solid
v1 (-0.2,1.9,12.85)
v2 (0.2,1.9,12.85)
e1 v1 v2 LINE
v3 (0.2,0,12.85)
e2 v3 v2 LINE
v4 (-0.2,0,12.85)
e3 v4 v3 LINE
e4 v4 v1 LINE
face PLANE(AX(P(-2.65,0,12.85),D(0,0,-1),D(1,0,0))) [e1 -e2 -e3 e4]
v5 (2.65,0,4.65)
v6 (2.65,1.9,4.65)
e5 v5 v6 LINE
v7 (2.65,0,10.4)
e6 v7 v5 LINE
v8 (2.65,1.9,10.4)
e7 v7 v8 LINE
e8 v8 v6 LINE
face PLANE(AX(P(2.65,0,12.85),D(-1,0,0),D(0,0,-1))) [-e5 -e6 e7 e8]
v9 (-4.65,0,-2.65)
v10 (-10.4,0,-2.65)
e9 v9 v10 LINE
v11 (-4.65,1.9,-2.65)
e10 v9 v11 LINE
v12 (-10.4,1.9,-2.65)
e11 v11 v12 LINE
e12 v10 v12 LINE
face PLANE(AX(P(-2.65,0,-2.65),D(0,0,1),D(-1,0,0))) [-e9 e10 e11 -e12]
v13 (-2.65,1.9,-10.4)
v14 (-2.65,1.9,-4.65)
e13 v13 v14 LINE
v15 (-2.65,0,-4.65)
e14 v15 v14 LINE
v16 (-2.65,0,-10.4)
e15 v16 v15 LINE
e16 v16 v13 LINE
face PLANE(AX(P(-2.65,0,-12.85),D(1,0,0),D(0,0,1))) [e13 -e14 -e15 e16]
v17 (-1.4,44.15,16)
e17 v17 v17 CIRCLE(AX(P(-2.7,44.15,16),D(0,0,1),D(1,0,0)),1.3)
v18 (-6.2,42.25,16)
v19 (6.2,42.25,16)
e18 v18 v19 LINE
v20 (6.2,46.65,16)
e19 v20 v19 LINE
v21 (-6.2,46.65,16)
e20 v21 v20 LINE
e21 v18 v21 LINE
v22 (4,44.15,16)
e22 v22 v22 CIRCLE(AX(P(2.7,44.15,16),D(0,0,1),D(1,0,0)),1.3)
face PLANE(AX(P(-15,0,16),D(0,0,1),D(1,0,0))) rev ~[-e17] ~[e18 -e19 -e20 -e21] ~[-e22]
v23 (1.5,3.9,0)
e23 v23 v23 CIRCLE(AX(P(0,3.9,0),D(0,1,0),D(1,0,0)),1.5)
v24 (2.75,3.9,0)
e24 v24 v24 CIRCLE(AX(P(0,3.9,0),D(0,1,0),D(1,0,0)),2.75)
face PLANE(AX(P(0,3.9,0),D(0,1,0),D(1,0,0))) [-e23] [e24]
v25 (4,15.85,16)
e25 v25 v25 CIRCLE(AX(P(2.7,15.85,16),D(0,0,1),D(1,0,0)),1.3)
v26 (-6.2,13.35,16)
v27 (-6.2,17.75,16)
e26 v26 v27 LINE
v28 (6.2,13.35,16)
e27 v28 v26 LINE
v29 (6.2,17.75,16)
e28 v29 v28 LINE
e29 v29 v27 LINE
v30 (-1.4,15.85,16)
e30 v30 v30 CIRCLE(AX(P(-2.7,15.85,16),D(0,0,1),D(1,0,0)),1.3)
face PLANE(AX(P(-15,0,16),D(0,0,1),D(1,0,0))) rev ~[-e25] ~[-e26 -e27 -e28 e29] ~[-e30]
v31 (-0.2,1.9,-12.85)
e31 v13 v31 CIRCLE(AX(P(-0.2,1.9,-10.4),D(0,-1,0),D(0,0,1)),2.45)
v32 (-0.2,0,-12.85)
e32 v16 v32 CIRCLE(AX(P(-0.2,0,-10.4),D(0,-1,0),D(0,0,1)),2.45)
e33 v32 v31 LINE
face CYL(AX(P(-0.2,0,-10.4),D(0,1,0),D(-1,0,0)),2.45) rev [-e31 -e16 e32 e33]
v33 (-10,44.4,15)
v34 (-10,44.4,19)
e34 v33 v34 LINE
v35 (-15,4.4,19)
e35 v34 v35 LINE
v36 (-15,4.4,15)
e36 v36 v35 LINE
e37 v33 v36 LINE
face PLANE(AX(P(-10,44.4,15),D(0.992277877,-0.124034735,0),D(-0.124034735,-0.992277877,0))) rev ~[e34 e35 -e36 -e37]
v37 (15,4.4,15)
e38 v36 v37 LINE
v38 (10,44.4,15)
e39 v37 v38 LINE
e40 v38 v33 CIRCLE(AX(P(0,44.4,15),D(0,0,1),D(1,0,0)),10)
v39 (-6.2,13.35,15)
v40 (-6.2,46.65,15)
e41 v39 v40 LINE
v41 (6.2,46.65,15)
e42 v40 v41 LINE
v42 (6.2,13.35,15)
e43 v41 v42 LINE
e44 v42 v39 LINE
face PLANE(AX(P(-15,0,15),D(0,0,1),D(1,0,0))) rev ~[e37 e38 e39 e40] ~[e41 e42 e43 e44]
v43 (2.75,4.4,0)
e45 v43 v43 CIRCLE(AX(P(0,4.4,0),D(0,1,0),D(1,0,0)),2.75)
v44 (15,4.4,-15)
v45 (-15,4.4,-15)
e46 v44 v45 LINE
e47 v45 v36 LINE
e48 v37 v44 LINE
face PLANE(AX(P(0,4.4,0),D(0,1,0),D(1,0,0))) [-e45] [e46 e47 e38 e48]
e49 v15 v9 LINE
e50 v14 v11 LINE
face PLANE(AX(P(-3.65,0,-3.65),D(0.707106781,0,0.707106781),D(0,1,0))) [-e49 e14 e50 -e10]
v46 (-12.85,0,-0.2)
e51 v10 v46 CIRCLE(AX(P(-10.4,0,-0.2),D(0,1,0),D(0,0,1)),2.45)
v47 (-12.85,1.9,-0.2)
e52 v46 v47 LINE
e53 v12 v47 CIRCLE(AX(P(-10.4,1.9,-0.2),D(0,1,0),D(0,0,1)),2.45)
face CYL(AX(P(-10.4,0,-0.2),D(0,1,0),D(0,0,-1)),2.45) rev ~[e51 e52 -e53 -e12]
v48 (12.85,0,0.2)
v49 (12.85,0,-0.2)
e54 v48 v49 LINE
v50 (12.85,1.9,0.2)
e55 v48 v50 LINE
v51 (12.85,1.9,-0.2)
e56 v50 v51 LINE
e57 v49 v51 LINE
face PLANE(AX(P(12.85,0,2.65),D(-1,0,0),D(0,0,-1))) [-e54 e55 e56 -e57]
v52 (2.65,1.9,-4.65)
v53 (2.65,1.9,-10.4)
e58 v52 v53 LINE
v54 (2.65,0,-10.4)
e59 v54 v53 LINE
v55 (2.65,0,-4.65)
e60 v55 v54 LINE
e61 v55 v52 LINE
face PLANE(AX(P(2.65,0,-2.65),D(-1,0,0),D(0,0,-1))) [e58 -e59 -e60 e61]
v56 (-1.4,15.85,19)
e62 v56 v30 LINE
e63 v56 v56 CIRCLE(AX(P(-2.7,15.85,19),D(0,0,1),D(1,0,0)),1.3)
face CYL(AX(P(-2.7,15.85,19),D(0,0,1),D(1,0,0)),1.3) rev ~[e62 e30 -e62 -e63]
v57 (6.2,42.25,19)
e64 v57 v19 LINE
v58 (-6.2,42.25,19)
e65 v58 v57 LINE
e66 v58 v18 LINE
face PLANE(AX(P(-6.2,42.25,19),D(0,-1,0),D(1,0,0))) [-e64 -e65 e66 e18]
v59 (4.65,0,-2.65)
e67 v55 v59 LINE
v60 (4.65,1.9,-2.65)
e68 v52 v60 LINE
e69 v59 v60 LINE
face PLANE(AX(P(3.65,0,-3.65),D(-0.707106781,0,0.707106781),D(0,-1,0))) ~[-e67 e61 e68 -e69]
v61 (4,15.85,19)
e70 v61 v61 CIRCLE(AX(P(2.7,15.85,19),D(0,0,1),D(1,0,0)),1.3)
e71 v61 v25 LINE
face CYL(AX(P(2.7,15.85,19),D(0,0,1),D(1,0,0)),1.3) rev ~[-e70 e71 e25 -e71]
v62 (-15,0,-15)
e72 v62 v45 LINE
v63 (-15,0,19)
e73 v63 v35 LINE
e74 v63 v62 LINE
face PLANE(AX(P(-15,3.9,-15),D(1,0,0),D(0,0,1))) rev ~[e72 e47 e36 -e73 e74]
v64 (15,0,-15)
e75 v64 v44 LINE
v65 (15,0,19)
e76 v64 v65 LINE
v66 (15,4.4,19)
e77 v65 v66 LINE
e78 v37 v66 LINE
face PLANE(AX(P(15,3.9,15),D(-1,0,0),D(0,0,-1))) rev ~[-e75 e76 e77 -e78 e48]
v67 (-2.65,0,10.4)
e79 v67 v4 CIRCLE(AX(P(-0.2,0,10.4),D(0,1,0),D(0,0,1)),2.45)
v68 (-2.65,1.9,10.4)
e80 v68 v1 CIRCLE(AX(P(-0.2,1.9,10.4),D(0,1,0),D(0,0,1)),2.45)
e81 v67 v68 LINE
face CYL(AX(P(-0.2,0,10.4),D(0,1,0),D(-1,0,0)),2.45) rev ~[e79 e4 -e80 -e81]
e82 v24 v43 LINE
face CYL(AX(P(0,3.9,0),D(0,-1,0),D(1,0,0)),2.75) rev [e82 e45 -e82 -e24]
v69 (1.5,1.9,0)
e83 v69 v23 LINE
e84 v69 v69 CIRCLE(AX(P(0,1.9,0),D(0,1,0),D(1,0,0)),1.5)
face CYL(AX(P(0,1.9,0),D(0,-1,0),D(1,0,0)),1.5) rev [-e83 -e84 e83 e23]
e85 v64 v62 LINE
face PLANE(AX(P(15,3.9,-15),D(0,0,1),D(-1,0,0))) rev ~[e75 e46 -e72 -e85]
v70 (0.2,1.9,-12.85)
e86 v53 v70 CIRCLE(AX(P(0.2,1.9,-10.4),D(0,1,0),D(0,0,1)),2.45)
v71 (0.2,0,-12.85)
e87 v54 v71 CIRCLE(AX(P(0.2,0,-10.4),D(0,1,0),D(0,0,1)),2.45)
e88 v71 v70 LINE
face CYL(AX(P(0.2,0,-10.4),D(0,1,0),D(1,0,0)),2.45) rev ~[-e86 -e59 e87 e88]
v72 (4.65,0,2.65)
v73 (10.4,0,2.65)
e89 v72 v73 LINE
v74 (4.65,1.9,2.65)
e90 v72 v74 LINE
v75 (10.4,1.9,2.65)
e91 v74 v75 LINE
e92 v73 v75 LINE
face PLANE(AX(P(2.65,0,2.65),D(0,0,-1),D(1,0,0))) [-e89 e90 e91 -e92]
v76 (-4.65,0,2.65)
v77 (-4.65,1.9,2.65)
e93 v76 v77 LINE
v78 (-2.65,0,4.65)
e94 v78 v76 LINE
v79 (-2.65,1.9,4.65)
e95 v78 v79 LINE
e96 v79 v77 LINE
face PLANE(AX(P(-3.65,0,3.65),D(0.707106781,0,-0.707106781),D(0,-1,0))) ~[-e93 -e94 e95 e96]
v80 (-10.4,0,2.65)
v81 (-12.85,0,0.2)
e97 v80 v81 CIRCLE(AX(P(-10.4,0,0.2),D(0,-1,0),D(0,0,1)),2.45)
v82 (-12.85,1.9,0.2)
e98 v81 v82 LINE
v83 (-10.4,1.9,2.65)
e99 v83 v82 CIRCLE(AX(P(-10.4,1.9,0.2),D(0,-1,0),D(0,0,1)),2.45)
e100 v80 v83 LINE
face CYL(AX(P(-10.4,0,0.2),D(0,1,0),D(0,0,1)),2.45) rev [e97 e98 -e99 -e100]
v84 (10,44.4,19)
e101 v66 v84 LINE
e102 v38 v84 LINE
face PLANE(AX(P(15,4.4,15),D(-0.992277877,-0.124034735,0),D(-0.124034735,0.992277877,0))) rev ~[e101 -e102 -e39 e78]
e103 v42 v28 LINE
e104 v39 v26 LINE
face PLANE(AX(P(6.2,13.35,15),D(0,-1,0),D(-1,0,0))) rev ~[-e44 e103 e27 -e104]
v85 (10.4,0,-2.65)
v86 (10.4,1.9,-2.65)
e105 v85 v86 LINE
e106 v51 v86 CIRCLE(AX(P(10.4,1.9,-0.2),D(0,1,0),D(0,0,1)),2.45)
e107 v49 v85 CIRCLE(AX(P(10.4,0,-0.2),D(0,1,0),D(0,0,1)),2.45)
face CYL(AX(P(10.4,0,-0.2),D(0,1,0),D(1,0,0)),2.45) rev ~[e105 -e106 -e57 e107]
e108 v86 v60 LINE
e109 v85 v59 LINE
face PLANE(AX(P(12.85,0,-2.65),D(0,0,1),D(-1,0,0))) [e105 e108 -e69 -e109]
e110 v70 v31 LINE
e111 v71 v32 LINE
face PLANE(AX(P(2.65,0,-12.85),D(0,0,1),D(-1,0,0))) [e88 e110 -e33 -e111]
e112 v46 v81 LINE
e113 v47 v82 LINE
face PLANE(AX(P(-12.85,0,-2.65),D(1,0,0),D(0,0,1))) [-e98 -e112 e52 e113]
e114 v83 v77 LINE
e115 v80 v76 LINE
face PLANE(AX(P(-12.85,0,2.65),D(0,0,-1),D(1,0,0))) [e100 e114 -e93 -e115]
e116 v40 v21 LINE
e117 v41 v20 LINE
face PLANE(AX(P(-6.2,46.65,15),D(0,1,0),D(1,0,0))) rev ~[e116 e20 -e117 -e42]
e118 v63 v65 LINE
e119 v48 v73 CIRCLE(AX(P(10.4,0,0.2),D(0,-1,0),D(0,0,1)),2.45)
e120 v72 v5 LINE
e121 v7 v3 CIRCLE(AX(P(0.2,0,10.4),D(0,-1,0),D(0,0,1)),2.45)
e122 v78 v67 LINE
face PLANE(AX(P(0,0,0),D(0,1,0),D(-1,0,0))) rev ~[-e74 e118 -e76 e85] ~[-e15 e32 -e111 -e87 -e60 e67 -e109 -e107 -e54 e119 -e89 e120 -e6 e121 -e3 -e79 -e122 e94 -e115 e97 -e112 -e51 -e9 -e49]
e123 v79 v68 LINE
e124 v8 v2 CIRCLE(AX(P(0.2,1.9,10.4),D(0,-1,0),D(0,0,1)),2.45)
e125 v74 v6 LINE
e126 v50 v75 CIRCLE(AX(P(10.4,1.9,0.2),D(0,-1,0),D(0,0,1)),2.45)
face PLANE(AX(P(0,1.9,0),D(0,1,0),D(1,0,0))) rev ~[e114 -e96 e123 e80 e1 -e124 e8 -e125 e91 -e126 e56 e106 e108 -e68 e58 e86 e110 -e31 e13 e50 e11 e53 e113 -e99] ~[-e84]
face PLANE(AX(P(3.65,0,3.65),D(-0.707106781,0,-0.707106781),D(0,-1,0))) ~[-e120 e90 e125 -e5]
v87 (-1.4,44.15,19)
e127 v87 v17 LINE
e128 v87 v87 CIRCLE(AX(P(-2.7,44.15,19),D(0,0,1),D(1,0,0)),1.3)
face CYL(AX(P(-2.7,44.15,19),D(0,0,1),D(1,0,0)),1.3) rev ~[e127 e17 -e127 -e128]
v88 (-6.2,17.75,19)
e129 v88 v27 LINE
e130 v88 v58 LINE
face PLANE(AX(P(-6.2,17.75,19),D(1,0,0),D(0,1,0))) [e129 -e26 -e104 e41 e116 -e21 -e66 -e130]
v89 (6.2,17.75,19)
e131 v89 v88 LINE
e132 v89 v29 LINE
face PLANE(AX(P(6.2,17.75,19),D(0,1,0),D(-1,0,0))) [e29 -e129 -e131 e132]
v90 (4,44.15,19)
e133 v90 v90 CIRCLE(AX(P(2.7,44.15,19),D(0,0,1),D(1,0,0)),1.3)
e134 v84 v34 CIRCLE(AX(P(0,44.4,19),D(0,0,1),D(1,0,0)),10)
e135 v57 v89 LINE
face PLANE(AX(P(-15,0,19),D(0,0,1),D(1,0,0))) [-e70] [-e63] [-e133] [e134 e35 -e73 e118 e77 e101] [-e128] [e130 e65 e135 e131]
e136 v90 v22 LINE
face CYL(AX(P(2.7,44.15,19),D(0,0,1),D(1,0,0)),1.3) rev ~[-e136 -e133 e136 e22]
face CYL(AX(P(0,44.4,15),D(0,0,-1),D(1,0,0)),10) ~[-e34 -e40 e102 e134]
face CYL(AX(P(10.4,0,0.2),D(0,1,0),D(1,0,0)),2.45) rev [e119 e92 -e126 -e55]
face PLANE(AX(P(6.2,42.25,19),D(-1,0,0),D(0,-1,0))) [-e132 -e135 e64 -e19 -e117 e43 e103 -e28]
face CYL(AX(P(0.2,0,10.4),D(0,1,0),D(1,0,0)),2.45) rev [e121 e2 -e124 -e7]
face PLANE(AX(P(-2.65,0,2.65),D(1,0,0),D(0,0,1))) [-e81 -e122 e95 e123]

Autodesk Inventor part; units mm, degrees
ref_plane "YZ Plane" through (0, 0, 0) normal (1, 0, 0) x (0, 1, 0)
ref_plane "XZ Plane" through (0, 0, 0) normal (0, 1, 0) x (-1, 0, 0)
sketch "Sketch1" plane through (0, 0, 0) normal (0, 1, 0) x (-1, 0, 0)
  line L0 (-15, -15) -> (15, -15)
  line L1 (15, -15) -> (15, 15)
  line L2 (15, 15) -> (-15, 15)
  line L3 (-15, 15) -> (-15, -15)
  line L4 (-15, -15) -> (15, 15) construction
  line L5 (15, -15) -> (-15, 15) construction
  line L6 (-2.45, -12.65) -> (2.45, -12.65) construction
  line L7 (2.45, -12.65) -> (2.45, 12.65) construction
  line L8 (2.45, 12.65) -> (-2.45, 12.65) construction
  line L9 (-2.45, 12.65) -> (-2.45, -12.65) construction
  line L10 (-2.45, -12.65) -> (2.45, 12.65) construction
  line L11 (2.45, -12.65) -> (-2.45, 12.65) construction
  line L12 (-12.65, -2.45) -> (12.65, -2.45) construction
  line L13 (12.65, -2.45) -> (12.65, 2.45) construction
  line L14 (12.65, 2.45) -> (-12.65, 2.45) construction
  line L15 (-12.65, 2.45) -> (-12.65, -2.45) construction
  line L16 (-12.65, -2.45) -> (12.65, 2.45) construction
  line L17 (12.65, -2.45) -> (-12.65, 2.45) construction
  line L18 (-12.85, -2.65) -> (12.85, -2.65)
  line L19 (12.85, -2.65) -> (12.85, 2.65)
  line L20 (12.85, 2.65) -> (-12.85, 2.65)
  line L21 (-12.85, 2.65) -> (-12.85, -2.65)
  line L22 (-12.85, -2.65) -> (12.85, 2.65) construction
  line L23 (12.85, -2.65) -> (-12.85, 2.65) construction
  line L24 (-2.65, -12.85) -> (2.65, -12.85)
  line L25 (2.65, -12.85) -> (2.65, 12.85)
  line L26 (2.65, 12.85) -> (-2.65, 12.85)
  line L27 (-2.65, 12.85) -> (-2.65, -12.85)
  line L28 (-2.65, -12.85) -> (2.65, 12.85) construction
  line L29 (2.65, -12.85) -> (-2.65, 12.85) construction
  point P0 (0, 0)
  point P1 (0, 0)
  dimension "d0" = 30
  dimension "d1" = 4.9
  dimension "d2" = 10.2
  dimension "d3" = 0.2
  dimension "d4" = 0.2
extrude "Extrusion1" add sketch "Sketch1" along normal blind 1.9
sketch "Sketch2" plane through (0, 1.9, 0) normal (0, 1, 0) x (1, 0, 0)
  line L0 (15, 15) -> (-15, 15) projected
  line L1 (-15, 15) -> (-15, -15) projected
  line L2 (-15, -15) -> (15, -15) projected
  line L3 (15, -15) -> (15, 15) projected
  circle A0 centre (0, 0) radius 1.5
  dimension "d7" = 3
extrude "Extrusion2" add sketch "Sketch2" along normal blind 2
sketch "Sketch3" plane through (0, 3.9, 0) normal (0, 1, 0) x (1, 0, 0)
  circle A0 centre (0, 0) radius 1.5 projected
  line L0 (15, 15) -> (-15, 15) projected
  line L1 (-15, 15) -> (-15, -15) projected
  line L2 (-15, -15) -> (15, -15) projected
  line L3 (15, -15) -> (15, 15) projected
  circle A1 centre (0, 0) radius 2.75
  dimension "d10" = 5.5
extrude "Extrusion3" add sketch "Sketch3" along normal blind 0.5 contours L3 L2 L1 L0
chamfer "Chamfer1" distance 2 angle 45 1 edges at (-2.65, 0.95, -2.65)
fillet "Fillet1" radius 2.45 1 edges at (-12.85, 0.95, -2.65)
fillet "Fillet2" radius 2.45 1 edges at (-2.65, 0.95, -12.85)
chamfer "Chamfer2" distance 2 angle 45 1 edges at (2.65, 0.95, -2.65)
chamfer "Chamfer3" distance 2 angle 45 1 edges at (2.65, 0.95, 2.65)
fillet "Fillet3" radius 2.45 1 edges at (12.85, 0.95, -2.65)
fillet "Fillet4" radius 2.45 1 edges at (2.65, 0.95, -12.85)
fillet "Fillet5" radius 2.45 1 edges at (12.85, 0.95, 2.65)
fillet "Fillet6" radius 2.45 1 edges at (2.65, 0.95, 12.85)
chamfer "Chamfer4" distance 2 angle 45 1 edges at (-2.65, 0.95, 2.65)
fillet "Fillet7" radius 2.45 2 edges at (-2.65, 0.95, 12.85) (-12.85, 0.95, 2.65)
sketch "Sketch8" plane through (-15, 0, 15) normal (0, 0, 1) x (1, 0, 0)
  line L0 (0, 0) -> (30, 0) projected
  line L1 (30, 0) -> (30, 4.4) projected
  line L2 (0, 4.4) -> (30, 4.4) projected
  line L3 (0, 0) -> (0, 4.4) projected
  line L4 (15, 0) -> (15, 120) construction
  line L5 (30, 4.4) -> (25, 44.4)
  line L6 (25, 44.4) -> (5, 44.4)
  line L7 (5, 44.4) -> (0, 4.4)
  arc A0 (25, 44.4) -> (5, 44.4) centre (15, 44.4) ccw
  dimension "d101" = 40
  dimension "d102" = 20
extrude "Extrusion7" add sketch "Sketch8" along normal blind 4
sketch "Sketch9" plane through (-15, 0, 19) normal (0, 0, 1) x (1, 0, 0)
  line L0 (0, 0) -> (30, 0) projected
  line L1 (9.3, 41.75) -> (20.7, 41.75) construction
  line L2 (20.7, 41.75) -> (20.7, 18.25) construction
  line L3 (20.7, 18.25) -> (9.3, 18.25) construction
  line L4 (9.3, 18.25) -> (9.3, 41.75) construction
  line L5 (15, 90) -> (15, 15.8225) construction
  line L6 (9.3, 41.75) -> (9.3, 46.15) construction
  line L7 (9.3, 46.15) -> (20.7, 46.15) construction
  line L8 (20.7, 46.15) -> (20.7, 41.75) construction
  line L9 (20.7, 18.25) -> (20.7, 13.85) construction
  line L10 (20.7, 13.85) -> (9.3, 13.85) construction
  line L11 (9.3, 13.85) -> (9.3, 18.25) construction
  circle A0 centre (12.3, 44.15) radius 1.3
  circle A1 centre (17.7, 44.15) radius 1.3
  line L12 (-17.4512, 30) -> (18.2205, 30) construction
  circle A2 centre (12.3, 15.85) radius 1.3
  circle A3 centre (17.7, 15.85) radius 1.3
  line L13 (8.8, 42.25) -> (21.2, 42.25)
  line L14 (21.2, 42.25) -> (21.2, 17.75)
  line L15 (21.2, 17.75) -> (8.8, 17.75)
  line L16 (8.8, 17.75) -> (8.8, 42.25)
  line L17 (15, 0) -> (15, 83.8502) construction
  dimension "d105" = 11.4
  dimension "d106" = 23.5
  dimension "d107" = 3
  dimension "d108" = 2.4
  dimension "d109" = 4.4
  dimension "d110" = 0.5
  dimension "d111" = 0.5
  dimension "d113" = 2.6
  dimension "d122" = 30
extrude "Extrusion8" cut sketch "Sketch9" against normal through all
sketch "Sketch10" plane through (-15, 0, 19) normal (0, 0, 1) x (1, 0, 0)
  circle A0 centre (17.7, 15.85) radius 1.3 projected
  circle A1 centre (17.7, 44.15) radius 1.3 projected
  circle A2 centre (12.3, 44.15) radius 1.3 projected
  circle A3 centre (12.3, 15.85) radius 1.3 projected
  line L0 (8.8, 17.75) -> (8.8, 42.25) projected
  line L1 (8.8, 42.25) -> (21.2, 42.25) projected
  line L2 (21.2, 42.25) -> (21.2, 17.75) projected
  line L3 (21.2, 17.75) -> (8.8, 17.75) projected
  line L4 (0, 0) -> (30, 0) projected
  line L5 (9.3, 41.75) -> (20.7, 41.75) construction
  line L6 (20.7, 41.75) -> (20.7, 18.25) construction
  line L7 (20.7, 18.25) -> (9.3, 18.25) construction
  line L8 (9.3, 18.25) -> (9.3, 41.75) construction
  line L9 (15, 87.388) -> (15, -76.2197) construction
  line L10 (9.3, 41.75) -> (9.3, 46.15) construction
  line L11 (9.3, 46.15) -> (20.7, 46.15) construction
  line L12 (20.7, 46.15) -> (20.7, 41.75) construction
  line L13 (20.7, 18.25) -> (20.7, 13.85) construction
  line L14 (20.7, 13.85) -> (9.3, 13.85) construction
  line L15 (9.3, 13.85) -> (9.3, 18.25) construction
  line L16 (0.832, 30) -> (29.7617, 30) construction
  line L17 (8.8, 46.65) -> (21.2, 46.65)
  line L18 (21.2, 46.65) -> (21.2, 13.35)
  line L19 (21.2, 13.35) -> (8.8, 13.35)
  line L20 (8.8, 13.35) -> (8.8, 46.65)
  line L21 (15, 0) -> (15, 87.4766) construction
  dimension "d125" = 11.4
  dimension "d126" = 23.5
  dimension "d127" = 4.4
  dimension "d128" = 0.5
  dimension "d130" = 0.5
  dimension "d136" = 30
ref_plane "Work Plane2" through (-15, 0, 16) normal (0, 0, 1) x (1, 0, 0)
extrude "Extrusion10" cut sketch "Sketch10" along normal up to surface (1 mm away) from surface at -4 contours L3 L18 L19 L20 | L20 L17 L18 L1
equation "\"d0\" = FrontUpperLegShoulderWidth"
equation "\"d1\" = ServoArmWidth"
equation "\"d2\" = ServoArmLength"
equation "\"d3\" = ServoArmSpacing"
equation "\"d4\" = ServoArmSpacing"
equation "\"d5\" = ServoArmThickness"
equation "\"d7\" = ServoArmHoleRequired"
equation "\"d8\" = MinimalThickness"
equation "\"d10\" = ServoArmHeadScrewTrace"
equation "\"d11\" = ServoArmHeadScrewThickness"
equation "\"d13\" = ServoArmInternFillet"
equation "\"d16\" = ServoArmExternFillet"
equation "\"d17\" = ServoArmExternFillet"
equation "\"d18\" = ServoArmInternFillet"
equation "\"d21\" = ServoArmInternFillet"
equation "\"d24\" = ServoArmExternFillet"
equation "\"d25\" = ServoArmExternFillet"
equation "\"d26\" = ServoArmExternFillet"
equation "\"d27\" = ServoArmExternFillet"
equation "\"d28\" = ServoArmInternFillet"
equation "\"d31\" = ServoArmExternFillet"
equation "\"d101\" = FrontShoulderHeight"
equation "\"d102\" = FrontShoulderWidth"
equation "\"d103\" = FrontShoulderThickness"
equation "\"d105\" = ServoCoreWidth"
equation "\"d106\" = ServoCoreLength"
equation "\"d107\" = ServoEdgeToFixation"
equation "\"d108\" = ServoCoreToFixation"
equation "\"d109\" = ServoFixationLength"
equation "\"d110\" = ServoTraceSpacing"
equation "\"d111\" = ServoTraceSpacing"
equation "\"d113\" = ServoScrewDiameterRequired"
equation "\"d122\" = FrontShoulderServoCenterDistance"
equation "\"d123\" = FrontShoulderThickness"
equation "\"d125\" = ServoCoreWidth"
equation "\"d126\" = ServoCoreLength"
equation "\"d127\" = ServoFixationLength"
equation "\"d128\" = ServoTraceSpacing"
equation "\"d130\" = ServoTraceSpacing"
equation "\"d136\" = FrontShoulderServoCenterDistance"
equation "\"ServoTraceSpacing\" = 0.5"
equation "\"FrontUpperLegShoulderWidth\" = 30"
equation "\"LegServoThickness\" = 3"
equation "\"FrontShoulderHeight\" = 40"
equation "\"FrontShoulderWidth\" = 20"
equation "\"FrontShoulderThickness\" = 4"
equation "\"FrontShoulderServoCenterDistance\" = 30"
equation "\"d140\" = -LegServoThickness"
equation "\"ServoArmWidth\" = 4.9"
equation "\"ServoArmLength\" = 10.2"
equation "\"ServoArmSpacing\" = 0.2"
equation "\"ServoArmThickness\" = 1.9"
equation "\"ServoArmHoleRequired\" = 3"
equation "\"MinimalThickness\" = 2"
equation "\"ServoArmHeadScrewTrace\" = 5.5"
equation "\"ServoArmHeadScrewThickness\" = 0.5"
equation "\"ServoArmInternFillet\" = 2"
equation "\"ServoArmExternFillet\" = 2.45"
equation "\"ServoCoreWidth\" = 11.4"
equation "\"ServoCoreLength\" = 23.5"
equation "\"ServoEdgeToFixation\" = 3"
equation "\"ServoCoreToFixation\" = 2.4"
equation "\"ServoFixationLength\" = 4.4"
equation "\"ServoScrewDiameterRequired\" = 2.6"
properties part number "BackUpperLegShoulder" material "PC/ABS Plastic"
